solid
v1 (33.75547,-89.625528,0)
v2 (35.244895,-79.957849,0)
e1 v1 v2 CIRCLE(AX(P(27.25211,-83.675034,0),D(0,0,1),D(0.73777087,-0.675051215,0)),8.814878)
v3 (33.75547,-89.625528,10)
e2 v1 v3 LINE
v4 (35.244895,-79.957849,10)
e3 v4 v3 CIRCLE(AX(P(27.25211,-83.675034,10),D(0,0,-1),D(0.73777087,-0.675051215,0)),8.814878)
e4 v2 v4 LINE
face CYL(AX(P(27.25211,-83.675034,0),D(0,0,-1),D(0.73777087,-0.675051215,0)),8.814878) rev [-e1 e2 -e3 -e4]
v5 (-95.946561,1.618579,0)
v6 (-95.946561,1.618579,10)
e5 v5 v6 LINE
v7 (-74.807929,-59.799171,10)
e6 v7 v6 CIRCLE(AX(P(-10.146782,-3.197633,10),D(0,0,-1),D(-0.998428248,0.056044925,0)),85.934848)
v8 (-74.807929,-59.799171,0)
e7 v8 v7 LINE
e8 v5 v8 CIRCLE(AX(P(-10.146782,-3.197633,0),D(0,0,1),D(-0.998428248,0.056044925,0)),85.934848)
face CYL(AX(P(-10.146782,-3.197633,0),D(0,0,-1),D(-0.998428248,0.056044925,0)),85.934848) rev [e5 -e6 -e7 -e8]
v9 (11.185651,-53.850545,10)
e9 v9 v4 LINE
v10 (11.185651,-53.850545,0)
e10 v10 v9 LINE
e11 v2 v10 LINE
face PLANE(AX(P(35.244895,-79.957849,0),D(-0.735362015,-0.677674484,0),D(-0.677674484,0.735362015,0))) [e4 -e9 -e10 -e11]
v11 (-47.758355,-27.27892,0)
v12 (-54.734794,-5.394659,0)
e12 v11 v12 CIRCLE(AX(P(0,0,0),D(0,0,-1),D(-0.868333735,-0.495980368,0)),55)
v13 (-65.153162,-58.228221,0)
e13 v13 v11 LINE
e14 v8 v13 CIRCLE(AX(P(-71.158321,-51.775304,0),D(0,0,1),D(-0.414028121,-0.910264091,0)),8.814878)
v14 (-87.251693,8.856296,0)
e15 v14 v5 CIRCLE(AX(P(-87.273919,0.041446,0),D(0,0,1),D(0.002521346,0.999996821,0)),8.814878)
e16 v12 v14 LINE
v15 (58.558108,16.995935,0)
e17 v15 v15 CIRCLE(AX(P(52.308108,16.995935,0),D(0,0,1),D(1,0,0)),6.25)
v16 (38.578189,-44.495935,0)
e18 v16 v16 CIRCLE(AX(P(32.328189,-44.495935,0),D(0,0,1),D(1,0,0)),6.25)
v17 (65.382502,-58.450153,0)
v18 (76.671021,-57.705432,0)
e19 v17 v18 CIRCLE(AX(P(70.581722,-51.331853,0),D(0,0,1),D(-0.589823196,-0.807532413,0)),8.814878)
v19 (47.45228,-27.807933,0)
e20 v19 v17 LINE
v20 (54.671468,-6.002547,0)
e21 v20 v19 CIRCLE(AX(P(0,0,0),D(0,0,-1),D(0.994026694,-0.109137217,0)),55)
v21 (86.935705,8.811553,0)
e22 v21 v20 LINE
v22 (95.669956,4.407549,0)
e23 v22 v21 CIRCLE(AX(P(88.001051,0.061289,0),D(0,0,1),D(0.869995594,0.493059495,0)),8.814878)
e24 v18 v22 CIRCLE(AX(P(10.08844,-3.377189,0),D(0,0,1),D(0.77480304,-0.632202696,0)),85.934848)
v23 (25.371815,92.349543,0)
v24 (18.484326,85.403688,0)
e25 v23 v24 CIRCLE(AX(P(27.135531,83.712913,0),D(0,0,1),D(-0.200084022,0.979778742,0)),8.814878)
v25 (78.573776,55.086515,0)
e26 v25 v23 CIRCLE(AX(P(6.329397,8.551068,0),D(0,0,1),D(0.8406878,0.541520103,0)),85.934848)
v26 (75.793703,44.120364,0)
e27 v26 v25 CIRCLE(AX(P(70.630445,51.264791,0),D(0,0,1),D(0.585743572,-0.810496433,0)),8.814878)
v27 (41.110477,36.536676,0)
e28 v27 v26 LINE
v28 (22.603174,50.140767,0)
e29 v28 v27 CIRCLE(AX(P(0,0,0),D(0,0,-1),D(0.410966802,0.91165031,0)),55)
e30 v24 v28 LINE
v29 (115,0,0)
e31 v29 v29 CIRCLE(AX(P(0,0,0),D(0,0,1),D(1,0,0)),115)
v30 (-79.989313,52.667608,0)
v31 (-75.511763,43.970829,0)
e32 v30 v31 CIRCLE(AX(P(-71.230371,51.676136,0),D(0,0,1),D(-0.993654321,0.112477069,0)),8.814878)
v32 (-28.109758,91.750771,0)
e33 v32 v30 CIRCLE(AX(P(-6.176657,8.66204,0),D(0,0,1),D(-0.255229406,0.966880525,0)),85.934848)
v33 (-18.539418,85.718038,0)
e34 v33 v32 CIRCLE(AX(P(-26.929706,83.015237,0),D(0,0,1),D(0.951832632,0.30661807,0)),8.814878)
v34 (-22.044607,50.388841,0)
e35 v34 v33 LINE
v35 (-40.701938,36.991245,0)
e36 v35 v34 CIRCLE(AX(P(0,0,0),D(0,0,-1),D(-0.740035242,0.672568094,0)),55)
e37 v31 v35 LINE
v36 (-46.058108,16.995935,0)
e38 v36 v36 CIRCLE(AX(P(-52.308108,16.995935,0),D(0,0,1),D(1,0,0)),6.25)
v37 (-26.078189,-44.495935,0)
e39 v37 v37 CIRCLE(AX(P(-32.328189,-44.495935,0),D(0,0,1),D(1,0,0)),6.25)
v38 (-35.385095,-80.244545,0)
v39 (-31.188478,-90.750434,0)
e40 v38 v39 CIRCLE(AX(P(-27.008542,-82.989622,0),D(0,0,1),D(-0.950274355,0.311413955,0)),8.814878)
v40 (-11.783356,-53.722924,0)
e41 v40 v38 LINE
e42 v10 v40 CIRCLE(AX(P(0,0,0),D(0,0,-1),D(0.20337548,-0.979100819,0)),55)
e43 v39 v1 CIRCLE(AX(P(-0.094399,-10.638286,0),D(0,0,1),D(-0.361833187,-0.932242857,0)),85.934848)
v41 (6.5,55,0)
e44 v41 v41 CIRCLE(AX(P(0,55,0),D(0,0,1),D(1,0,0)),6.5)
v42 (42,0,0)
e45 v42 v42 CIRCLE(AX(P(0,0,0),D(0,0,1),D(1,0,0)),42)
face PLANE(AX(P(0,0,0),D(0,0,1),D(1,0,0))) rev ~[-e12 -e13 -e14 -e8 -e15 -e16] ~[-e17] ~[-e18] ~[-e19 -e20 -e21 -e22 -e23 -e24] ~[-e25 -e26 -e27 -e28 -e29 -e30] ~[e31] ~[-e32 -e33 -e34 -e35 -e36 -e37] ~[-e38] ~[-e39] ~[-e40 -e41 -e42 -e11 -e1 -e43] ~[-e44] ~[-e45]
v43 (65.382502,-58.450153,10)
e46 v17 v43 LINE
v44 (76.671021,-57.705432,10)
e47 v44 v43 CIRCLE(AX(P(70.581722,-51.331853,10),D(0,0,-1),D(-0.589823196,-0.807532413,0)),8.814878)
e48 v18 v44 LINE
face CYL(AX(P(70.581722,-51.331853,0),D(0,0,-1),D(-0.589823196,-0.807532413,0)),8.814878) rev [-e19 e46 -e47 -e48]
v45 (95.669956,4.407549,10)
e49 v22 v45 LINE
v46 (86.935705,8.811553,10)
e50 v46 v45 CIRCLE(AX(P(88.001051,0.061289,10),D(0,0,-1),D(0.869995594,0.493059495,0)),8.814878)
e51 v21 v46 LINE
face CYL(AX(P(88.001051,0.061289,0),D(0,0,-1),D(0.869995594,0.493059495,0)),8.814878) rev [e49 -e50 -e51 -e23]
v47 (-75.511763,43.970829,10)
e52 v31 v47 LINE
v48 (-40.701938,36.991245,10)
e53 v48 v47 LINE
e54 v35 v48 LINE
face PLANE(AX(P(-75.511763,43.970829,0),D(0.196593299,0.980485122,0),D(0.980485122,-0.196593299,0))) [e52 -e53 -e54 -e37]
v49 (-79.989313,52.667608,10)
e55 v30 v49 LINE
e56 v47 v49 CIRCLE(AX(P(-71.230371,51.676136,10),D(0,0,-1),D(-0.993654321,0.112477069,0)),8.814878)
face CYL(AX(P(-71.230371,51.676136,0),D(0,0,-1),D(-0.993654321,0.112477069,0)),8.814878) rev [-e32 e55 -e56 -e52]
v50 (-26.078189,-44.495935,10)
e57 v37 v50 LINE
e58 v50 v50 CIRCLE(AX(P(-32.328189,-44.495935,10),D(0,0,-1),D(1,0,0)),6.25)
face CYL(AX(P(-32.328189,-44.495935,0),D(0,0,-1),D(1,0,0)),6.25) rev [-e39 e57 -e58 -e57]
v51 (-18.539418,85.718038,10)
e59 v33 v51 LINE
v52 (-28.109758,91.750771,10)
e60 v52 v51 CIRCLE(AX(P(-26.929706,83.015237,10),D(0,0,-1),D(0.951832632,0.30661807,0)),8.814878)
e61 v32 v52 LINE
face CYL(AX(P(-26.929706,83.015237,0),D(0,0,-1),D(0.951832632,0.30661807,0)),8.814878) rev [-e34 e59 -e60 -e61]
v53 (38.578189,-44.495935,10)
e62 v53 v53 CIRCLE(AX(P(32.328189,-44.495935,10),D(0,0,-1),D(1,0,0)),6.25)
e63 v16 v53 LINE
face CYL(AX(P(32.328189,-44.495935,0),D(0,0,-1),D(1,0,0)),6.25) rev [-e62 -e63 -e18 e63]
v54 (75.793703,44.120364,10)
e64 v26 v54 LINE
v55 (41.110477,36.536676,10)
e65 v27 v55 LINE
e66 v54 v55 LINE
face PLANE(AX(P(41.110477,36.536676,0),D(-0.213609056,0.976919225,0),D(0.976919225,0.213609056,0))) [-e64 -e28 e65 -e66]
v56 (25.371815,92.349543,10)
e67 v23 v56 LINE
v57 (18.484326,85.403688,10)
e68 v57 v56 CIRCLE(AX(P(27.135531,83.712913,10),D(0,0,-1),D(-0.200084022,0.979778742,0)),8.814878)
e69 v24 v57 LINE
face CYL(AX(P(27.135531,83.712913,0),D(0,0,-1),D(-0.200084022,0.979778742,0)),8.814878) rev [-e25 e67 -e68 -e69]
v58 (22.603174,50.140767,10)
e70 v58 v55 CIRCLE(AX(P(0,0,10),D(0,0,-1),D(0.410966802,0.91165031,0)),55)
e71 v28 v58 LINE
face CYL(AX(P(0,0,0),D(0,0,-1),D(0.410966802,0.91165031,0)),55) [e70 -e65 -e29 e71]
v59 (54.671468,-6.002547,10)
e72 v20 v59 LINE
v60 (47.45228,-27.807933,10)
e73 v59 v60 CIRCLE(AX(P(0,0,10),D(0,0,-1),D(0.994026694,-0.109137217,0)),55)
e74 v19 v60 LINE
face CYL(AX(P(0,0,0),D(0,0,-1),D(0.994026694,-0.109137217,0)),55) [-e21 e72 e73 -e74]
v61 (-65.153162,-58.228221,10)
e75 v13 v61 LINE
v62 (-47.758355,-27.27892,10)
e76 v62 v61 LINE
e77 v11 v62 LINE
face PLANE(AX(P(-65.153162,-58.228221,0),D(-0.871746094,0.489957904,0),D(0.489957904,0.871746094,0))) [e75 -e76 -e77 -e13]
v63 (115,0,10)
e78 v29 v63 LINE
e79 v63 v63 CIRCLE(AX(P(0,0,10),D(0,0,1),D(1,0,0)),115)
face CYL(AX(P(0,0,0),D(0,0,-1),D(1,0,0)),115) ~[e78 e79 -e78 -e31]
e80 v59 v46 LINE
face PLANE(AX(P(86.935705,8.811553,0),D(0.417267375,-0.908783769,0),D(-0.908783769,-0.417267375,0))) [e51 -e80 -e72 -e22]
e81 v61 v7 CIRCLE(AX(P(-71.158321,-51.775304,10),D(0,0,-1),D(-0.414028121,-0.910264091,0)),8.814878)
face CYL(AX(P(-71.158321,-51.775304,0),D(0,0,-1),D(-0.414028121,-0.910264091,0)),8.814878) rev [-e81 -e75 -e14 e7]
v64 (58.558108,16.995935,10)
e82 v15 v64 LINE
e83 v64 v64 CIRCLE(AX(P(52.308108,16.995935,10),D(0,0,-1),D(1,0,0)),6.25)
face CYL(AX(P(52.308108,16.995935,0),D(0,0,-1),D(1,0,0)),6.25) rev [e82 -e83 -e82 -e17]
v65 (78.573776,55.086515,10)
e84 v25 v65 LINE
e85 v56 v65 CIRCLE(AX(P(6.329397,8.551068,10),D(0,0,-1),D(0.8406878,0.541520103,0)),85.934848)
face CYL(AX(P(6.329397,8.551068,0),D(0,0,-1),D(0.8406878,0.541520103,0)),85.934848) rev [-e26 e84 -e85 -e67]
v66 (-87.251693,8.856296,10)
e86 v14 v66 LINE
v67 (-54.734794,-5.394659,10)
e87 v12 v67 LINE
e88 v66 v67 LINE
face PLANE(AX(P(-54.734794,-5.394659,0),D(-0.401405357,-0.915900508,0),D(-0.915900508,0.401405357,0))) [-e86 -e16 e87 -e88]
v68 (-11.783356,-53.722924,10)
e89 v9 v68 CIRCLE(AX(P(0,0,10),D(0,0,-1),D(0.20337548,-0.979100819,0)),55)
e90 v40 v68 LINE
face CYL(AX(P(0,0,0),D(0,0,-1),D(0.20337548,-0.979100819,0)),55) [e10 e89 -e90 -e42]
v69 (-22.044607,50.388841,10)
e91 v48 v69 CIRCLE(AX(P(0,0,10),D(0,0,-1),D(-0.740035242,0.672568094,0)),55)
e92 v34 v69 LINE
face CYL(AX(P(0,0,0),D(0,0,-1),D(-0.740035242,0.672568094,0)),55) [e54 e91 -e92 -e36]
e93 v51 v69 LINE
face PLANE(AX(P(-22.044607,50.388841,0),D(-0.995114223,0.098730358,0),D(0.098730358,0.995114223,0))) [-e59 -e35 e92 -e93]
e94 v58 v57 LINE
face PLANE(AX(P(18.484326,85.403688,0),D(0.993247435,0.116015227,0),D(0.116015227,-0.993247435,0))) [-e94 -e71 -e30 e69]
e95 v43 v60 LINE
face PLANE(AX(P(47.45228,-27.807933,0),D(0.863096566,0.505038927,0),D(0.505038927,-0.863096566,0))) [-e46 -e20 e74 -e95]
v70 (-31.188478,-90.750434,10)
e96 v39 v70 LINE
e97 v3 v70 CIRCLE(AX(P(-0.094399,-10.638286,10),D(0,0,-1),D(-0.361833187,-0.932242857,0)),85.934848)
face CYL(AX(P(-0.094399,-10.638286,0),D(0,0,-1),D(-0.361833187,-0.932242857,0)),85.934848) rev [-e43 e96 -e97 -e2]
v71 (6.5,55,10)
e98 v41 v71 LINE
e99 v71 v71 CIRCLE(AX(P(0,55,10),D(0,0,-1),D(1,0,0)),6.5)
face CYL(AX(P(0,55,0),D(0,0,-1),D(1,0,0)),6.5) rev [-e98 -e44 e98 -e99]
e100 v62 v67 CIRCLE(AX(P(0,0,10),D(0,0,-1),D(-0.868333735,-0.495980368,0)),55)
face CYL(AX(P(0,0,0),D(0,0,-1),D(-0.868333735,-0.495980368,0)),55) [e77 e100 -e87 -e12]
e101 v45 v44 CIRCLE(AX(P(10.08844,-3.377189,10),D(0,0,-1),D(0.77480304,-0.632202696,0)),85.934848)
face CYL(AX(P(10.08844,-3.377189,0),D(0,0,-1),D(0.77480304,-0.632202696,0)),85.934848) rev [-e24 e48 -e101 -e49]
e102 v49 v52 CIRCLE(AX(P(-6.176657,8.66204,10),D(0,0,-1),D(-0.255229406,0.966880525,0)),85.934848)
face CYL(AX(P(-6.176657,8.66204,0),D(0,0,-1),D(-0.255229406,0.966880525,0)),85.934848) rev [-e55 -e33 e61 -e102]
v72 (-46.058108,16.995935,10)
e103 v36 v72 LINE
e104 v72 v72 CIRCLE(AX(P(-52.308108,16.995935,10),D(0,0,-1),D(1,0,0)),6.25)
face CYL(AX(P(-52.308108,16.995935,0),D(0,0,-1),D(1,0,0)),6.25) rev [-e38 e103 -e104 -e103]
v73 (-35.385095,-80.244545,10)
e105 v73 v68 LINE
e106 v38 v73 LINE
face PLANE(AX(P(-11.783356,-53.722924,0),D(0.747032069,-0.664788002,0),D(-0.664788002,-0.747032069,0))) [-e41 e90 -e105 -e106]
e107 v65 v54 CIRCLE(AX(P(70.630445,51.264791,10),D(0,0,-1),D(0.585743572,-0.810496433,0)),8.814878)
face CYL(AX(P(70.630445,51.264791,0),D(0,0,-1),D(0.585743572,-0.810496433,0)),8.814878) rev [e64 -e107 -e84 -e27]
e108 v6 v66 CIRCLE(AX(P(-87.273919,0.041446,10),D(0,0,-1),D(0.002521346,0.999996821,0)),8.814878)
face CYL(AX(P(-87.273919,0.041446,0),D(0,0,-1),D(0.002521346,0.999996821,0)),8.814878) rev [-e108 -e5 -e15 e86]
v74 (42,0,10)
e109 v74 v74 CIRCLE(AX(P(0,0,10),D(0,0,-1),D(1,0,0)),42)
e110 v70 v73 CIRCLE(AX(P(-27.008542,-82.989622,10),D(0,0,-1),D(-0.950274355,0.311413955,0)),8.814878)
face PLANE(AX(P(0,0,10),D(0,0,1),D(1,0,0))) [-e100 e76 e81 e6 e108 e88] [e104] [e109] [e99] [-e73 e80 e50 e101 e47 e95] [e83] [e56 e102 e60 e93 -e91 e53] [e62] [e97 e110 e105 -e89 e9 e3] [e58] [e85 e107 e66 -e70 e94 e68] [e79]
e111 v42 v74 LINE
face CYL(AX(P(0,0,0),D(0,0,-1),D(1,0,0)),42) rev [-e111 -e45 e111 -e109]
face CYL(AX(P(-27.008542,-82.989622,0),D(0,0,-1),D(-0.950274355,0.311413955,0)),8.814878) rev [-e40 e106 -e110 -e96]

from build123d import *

# Parameters (mm, degrees)
SKETCH1_R           = 115
BOSS_EXTRUDE1_DEPTH = 10
SKETCH3_R           = 6.25
SKETCH3_R_2         = 6.5
SKETCH3_R_3         = 42
CUT_EXTRUDE2_DEPTH  = 163.941707368


with BuildPart() as part:
    # Sketch1 → Boss-Extrude1 (new body)
    with BuildSketch(Plane.XY):
        Circle(SKETCH1_R)
    extrude(amount=BOSS_EXTRUDE1_DEPTH)

    # Sketch3 → Cut-Extrude2 (cut, through all)
    with BuildSketch(Plane.XY):
        with BuildLine():
            Line((18.484325558, 85.403687954), (22.603174126, 50.140767041))
            ThreePointArc((22.603174126, 50.140767041), (32.574916184, 44.315627442), (41.110477128, 36.536675688))
            Line((41.110477128, 36.536675688), (75.793703221, 44.120364278))
            ThreePointArc((75.793703221, 44.120364278), (79.175021421, 49.09862209), (78.573775649, 55.086515471))
            ThreePointArc((78.573775649, 55.086515471), (55.629022762, 78.938176107), (25.371814654, 92.349542839))
            ThreePointArc((25.371814654, 92.349542839), (20.87622799, 89.919618918), (18.484325558, 85.403687954))
        make_face()
        with BuildLine():
            ThreePointArc((-40.701938294, 36.991245168), (-32.080463562, 44.674868301), (-22.044607418, 50.388840866))
            Line((-22.044607418, 50.388840866), (-18.539417586, 85.718037702))
            ThreePointArc((-18.539417586, 85.718037702), (-22.229137331, 90.472228676), (-28.109757511, 91.750770782))
            ThreePointArc((-28.109757511, 91.750770782), (-57.884353357, 77.299582515), (-79.989312588, 52.667607817))
            ThreePointArc((-79.989312588, 52.667607817), (-79.067530287, 47.641163039), (-75.511763217, 43.970829232))
            Line((-75.511763217, 43.970829232), (-40.701938294, 36.991245168))
        make_face()
        with BuildLine():
            ThreePointArc((-47.7583554, -27.278920241), (-52.40173304, -16.70504039), (-54.73479378, -5.394659379))
            Line((-54.73479378, -5.394659379), (-87.251693421, 8.856296471))
            ThreePointArc((-87.251693421, 8.856296471), (-92.913383832, 6.81629027), (-95.946561206, 1.618579367))
            ThreePointArc((-95.946561206, 1.618579367), (-91.403520553, -31.164406796), (-74.80792857, -59.799171102))
            ThreePointArc((-74.80792857, -59.799171102), (-69.742649114, -60.475760896), (-65.153161777, -58.228220975))
            Line((-65.153161777, -58.228220975), (-47.7583554, -27.278920241))
        make_face()
        with BuildLine():
            ThreePointArc((11.18565141, -53.850545053), (-0.305588527, -54.999151045), (-11.783355506, -53.72292372))
            Line((-11.783355506, -53.72292372), (-35.385094524, -80.244545469))
            ThreePointArc((-35.385094524, -80.244545469), (-35.194491887, -86.259529612), (-31.188478418, -90.75043372))
            ThreePointArc((-31.188478418, -90.75043372), (1.393870963, -96.560245154), (33.755470104, -89.625528057))
            ThreePointArc((33.755470104, -89.625528057), (35.964202669, -85.017238768), (35.244894765, -79.957848899))
            Line((35.244894765, -79.957848899), (11.18565141, -53.850545053))
        make_face()
        with BuildLine():
            Line((86.935704672, 8.811552688), (54.671468158, -6.002546915))
            ThreePointArc((54.671468158, -6.002546915), (52.212868944, -17.286304309), (47.452279576, -27.807933455))
            Line((47.452279576, -27.807933455), (65.38250231, -58.450152982))
            ThreePointArc((65.38250231, -58.450152982), (71.161991629, -60.127611424), (76.671021486, -57.7054319))
            ThreePointArc((76.671021486, -57.7054319), (92.264980185, -28.513106671), (95.6699564, 4.407548503))
            ThreePointArc((95.6699564, 4.407548503), (91.969748742, 7.932217708), (86.935704672, 8.811552688))
        make_face()
        with Locations((52.308108396, 16.995934691)):
            Circle(SKETCH3_R)
        with Locations((0, 55)):
            Circle(SKETCH3_R_2)
        with Locations((-52.308108396, 16.995934691)):
            Circle(SKETCH3_R)
        with Locations((-32.328188876, -44.495934691)):
            Circle(SKETCH3_R)
        with Locations((32.328188876, -44.495934691)):
            Circle(SKETCH3_R)
        Circle(SKETCH3_R_3)
    extrude(amount=CUT_EXTRUDE2_DEPTH, mode=Mode.SUBTRACT)


solid = part.part
